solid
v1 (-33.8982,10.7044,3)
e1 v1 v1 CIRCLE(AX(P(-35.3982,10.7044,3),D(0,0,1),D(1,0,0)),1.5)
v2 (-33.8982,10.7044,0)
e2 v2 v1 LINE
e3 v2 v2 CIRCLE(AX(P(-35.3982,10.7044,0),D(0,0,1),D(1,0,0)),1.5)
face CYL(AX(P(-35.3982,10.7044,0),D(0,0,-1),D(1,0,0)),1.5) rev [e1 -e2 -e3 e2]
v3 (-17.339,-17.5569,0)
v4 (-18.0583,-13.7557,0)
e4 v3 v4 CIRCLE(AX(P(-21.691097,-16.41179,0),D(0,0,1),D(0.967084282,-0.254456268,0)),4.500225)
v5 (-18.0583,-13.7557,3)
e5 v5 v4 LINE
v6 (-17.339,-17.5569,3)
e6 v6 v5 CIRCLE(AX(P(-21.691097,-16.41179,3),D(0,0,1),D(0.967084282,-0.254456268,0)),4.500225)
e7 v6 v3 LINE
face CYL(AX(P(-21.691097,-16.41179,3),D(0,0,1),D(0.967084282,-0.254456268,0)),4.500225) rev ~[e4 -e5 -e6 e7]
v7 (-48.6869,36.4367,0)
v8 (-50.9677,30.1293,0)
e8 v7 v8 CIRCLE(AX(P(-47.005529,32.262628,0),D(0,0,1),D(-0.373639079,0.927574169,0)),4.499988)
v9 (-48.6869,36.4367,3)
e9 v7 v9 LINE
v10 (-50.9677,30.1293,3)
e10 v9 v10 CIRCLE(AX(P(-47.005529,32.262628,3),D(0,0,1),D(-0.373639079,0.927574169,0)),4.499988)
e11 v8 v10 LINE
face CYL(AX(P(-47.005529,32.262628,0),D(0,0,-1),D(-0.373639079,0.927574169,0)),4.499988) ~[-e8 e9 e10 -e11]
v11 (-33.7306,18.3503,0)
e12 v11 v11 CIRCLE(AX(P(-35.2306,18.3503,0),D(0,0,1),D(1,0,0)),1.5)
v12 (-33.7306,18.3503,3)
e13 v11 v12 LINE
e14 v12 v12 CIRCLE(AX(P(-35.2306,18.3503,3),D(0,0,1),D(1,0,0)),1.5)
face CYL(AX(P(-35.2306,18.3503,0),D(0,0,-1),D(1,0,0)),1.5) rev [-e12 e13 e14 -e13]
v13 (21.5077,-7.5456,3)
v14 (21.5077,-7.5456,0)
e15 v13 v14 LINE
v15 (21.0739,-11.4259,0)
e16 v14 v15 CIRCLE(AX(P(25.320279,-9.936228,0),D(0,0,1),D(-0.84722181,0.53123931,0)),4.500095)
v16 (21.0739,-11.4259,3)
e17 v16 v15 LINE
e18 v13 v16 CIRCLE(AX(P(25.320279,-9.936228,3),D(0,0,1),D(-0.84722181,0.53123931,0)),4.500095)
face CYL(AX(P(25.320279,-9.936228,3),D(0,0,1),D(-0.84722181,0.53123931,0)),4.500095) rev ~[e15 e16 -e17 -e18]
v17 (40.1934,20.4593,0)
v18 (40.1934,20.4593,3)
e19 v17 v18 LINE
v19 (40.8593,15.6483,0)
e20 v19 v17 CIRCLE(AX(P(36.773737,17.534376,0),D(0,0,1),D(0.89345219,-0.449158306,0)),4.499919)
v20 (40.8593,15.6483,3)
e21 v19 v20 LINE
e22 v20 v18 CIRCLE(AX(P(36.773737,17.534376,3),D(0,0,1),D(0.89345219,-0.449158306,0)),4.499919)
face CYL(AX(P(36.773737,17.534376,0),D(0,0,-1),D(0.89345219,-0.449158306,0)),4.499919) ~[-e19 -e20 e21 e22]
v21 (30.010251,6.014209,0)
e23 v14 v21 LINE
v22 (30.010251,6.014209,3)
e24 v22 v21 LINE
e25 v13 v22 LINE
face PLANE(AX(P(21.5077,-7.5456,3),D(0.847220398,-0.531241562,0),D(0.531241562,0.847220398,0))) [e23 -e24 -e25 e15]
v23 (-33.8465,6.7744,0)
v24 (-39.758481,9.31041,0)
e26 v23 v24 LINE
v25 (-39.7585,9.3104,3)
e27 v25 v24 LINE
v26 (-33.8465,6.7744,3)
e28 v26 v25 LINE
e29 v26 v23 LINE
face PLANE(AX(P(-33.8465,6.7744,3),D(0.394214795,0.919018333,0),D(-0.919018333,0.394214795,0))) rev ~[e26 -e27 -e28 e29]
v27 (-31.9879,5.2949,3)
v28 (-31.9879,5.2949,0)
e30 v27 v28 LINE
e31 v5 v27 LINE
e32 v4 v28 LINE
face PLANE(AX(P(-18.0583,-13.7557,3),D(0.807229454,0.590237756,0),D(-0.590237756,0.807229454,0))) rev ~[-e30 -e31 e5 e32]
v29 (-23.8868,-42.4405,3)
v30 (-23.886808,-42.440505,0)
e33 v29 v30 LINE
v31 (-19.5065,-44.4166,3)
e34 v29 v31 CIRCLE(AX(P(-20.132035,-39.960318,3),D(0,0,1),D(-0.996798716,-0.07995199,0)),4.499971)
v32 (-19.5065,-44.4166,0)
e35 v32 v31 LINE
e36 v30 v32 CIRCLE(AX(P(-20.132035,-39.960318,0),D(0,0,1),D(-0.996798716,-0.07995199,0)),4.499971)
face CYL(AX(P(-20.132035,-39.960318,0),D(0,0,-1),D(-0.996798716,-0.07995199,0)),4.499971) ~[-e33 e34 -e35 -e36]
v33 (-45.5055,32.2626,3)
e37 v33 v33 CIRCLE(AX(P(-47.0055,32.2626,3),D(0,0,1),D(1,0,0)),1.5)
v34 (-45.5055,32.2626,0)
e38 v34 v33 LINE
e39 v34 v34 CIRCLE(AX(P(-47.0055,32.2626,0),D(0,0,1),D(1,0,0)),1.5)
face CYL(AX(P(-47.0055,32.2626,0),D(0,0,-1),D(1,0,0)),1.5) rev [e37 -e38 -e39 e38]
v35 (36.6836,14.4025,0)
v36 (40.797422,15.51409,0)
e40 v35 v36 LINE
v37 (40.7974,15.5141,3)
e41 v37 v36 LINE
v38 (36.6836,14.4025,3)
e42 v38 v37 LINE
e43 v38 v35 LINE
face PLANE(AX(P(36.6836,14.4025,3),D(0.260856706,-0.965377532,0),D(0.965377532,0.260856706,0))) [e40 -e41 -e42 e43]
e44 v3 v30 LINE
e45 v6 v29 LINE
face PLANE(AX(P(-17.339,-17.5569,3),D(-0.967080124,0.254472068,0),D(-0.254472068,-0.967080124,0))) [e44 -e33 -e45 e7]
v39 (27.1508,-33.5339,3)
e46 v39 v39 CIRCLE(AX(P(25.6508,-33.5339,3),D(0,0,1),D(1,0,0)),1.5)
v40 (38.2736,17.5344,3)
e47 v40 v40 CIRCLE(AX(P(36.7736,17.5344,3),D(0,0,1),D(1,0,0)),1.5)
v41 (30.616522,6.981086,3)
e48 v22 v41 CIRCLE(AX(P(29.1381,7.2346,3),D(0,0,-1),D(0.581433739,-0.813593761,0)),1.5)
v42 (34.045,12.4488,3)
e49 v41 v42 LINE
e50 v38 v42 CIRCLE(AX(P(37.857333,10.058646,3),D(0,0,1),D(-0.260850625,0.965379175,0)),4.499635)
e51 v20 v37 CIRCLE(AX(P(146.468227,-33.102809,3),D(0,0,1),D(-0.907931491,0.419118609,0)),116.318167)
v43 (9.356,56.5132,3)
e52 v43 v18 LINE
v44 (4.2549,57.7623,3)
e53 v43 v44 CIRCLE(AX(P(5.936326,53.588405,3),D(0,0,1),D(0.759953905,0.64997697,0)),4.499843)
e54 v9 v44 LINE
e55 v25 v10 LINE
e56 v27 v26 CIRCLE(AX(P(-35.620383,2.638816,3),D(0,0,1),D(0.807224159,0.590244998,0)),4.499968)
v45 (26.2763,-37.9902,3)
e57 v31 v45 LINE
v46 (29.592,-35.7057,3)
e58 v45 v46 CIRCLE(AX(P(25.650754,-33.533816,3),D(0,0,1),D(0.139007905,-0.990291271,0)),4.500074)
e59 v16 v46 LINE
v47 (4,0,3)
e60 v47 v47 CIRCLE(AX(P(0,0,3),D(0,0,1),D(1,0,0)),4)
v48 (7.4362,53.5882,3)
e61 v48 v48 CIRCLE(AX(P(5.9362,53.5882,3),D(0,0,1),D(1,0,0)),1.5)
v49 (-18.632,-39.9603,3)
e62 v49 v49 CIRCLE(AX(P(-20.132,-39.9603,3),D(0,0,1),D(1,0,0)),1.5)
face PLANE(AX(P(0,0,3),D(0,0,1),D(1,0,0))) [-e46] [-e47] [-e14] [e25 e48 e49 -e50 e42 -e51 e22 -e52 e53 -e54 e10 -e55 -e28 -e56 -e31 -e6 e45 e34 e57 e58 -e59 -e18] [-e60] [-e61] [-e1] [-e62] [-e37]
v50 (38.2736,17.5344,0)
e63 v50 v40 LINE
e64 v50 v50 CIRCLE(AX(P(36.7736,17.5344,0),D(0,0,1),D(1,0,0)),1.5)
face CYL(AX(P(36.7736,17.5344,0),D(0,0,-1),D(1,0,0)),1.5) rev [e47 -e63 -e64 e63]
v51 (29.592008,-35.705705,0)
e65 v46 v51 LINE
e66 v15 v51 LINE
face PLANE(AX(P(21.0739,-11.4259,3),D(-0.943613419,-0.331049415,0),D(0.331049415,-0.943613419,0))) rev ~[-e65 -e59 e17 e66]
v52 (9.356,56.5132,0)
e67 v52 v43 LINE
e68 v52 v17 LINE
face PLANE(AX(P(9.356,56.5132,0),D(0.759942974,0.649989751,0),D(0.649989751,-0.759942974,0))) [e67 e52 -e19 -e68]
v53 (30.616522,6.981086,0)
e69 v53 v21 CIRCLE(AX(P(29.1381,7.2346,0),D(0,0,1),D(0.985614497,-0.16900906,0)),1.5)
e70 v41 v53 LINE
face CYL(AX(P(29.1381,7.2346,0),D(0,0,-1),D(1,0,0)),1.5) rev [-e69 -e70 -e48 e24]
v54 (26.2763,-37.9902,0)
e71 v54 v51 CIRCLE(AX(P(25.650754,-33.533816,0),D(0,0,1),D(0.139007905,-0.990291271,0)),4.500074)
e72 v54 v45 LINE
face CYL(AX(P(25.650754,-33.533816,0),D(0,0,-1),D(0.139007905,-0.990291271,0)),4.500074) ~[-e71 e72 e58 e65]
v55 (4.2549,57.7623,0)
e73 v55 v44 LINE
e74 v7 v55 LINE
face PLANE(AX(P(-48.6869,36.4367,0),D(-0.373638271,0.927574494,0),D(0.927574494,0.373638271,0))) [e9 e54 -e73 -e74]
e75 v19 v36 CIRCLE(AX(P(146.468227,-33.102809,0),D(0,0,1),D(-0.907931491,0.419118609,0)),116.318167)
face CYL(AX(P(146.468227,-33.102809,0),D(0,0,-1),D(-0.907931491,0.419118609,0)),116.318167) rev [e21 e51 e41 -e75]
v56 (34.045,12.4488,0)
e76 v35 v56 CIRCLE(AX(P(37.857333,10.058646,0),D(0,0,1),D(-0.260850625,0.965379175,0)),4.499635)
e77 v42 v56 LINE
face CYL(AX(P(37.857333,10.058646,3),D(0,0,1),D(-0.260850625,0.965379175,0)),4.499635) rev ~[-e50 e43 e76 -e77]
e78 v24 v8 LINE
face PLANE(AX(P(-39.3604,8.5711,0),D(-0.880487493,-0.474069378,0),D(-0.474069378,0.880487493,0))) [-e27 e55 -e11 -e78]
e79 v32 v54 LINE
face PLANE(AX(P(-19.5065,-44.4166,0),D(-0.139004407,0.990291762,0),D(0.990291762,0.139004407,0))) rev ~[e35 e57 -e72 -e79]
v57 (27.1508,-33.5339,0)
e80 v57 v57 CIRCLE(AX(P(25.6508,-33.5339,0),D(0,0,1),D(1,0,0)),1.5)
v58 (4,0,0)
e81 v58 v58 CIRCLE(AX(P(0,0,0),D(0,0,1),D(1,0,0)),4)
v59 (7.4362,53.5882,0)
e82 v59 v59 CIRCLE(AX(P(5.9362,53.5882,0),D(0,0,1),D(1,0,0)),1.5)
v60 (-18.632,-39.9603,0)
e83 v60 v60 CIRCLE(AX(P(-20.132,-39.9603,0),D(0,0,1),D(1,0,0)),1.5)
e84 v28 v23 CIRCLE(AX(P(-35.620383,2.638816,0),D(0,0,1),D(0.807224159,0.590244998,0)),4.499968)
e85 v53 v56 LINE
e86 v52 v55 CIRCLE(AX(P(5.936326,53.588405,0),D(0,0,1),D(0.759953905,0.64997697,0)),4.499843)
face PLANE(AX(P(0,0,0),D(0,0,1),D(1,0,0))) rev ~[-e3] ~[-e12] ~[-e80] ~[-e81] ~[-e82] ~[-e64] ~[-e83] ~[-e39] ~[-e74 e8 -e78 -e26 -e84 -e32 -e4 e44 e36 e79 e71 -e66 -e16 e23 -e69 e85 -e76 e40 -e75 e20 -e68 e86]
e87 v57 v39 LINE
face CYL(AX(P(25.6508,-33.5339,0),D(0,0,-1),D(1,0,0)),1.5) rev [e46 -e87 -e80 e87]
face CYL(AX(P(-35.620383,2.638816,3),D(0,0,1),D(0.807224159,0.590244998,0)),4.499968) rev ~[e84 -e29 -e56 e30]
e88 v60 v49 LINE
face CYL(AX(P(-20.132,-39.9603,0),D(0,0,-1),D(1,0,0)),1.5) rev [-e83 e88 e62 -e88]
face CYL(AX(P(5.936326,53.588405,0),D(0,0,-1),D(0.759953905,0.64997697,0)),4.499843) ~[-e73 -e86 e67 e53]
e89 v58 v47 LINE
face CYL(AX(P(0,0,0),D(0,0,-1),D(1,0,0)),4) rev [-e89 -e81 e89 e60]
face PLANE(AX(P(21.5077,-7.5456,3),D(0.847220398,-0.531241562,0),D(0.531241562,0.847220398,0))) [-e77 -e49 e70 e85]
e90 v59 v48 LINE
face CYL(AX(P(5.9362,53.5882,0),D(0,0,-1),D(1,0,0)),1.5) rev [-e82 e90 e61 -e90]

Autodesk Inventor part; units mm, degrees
ref_plane "YZ Plane" through (0, 0, 0) normal (1, 0, 0) x (0, 1, 0)
ref_plane "XZ Plane" through (0, 0, 0) normal (0, 1, 0) x (-1, 0, 0)
ref_plane "XY Plane" through (0, 0, 0) normal (0, 0, 1) x (1, 0, 0)
sketch "スケッチ3" plane through (0, 0, 0) normal (0, 0, 1) x (1, 0, 0)
  circle A0 centre (0, 0) radius 20.55 construction
  circle A1 centre (-21.6908, -16.4118) radius 19.1 construction
  circle A2 centre (25.3202, -9.9362) radius 19.1 construction
  circle A3 centre (-47.0055, 32.2626) radius 1.5
  circle A4 centre (5.9362, 53.5882) radius 1.5
  circle A5 centre (29.1381, 7.2346) radius 1.5
  circle A6 centre (-35.2306, 18.3503) radius 1.5
  circle A7 centre (-21.6908, -16.4118) radius 4.025
  circle A8 centre (25.3202, -9.9362) radius 4.025
  circle A9 centre (0, 0) radius 4
  line L0 (-17.8785, -18.8026) -> (-30.4168, -38.7963) construction
  arc A10 (-17.8785, -18.8026) -> (-19.2493, -12.6317) centre (-21.6908, -16.4118) ccw construction
  line L1 (-19.2493, -12.6317) -> (-39.0737, 0.1727) construction
  line L2 (37.1409, -30.8522) -> (21.8866, -12.8448) construction
  arc A11 (22.3659, -6.5417) -> (21.8866, -12.8448) centre (25.3202, -9.9362) ccw construction
  line L3 (22.3659, -6.5417) -> (40.1678, 8.9519) construction
  line L4 (-21.6908, -16.4118) -> (-99.9742, 13.5882) construction
  line L5 (-105.5257, -16.4118) -> (-21.6908, -16.4118) construction
  line L6 (-21.6908, -16.4118) -> (-101.7113, -41.4118) construction
  line L7 (25.3202, -9.9362) -> (102.5386, -46.4118) construction
  line L8 (110.4743, -16.4118) -> (25.3202, -9.9362) construction
  line L9 (25.3202, -9.9362) -> (108.6869, 8.5882) construction
  line L10 (-18.0583, -13.7557) -> (-31.9879, 5.2949) construction
  line L11 (-17.339, -17.5569) -> (-24.5367, -44.9106) construction
  line L12 (21.5077, -7.5456) -> (34.045, 12.4488) construction
  line L13 (21.0739, -11.4259) -> (31.6059, -41.446) construction
  arc A12 (-24.6176, -40.3201) -> (-19.5065, -44.4166) centre (-20.132, -39.9603) ccw
  circle A13 centre (-20.132, -39.9603) radius 3 construction
  arc A14 (-39.3604, 8.5711) -> (-39.3359, 8.5262) centre (-35.3982, 10.7044) ccw
  circle A15 centre (-35.3982, 10.7044) radius 3 construction
  arc A16 (-31.9879, 5.2949) -> (-33.8465, 6.7744) centre (-35.6204, 2.6388) ccw construction
  circle A17 centre (-41.5152, -3.6073) radius 1.5
  line L14 (-33.8465, 6.7744) -> (-56.066, 16.3055) construction
  line L15 (-41.3386, 0.8892) -> (-72.6317, 2.1181) construction
  circle A18 centre (-35.2306, 18.3503) radius 3 construction
  circle A19 centre (-35.3982, 10.7044) radius 1.5
  circle A20 centre (36.7736, 17.5344) radius 1.5
  arc A21 (40.7942, 15.5132) -> (40.1934, 20.4593) centre (36.7736, 17.5344) ccw
  circle A22 centre (25.6508, -33.5339) radius 1.5
  arc A23 (26.2763, -37.9902) -> (30.1508, -33.5178) centre (25.6508, -33.5339) ccw
  circle A24 centre (36.7736, 17.5344) radius 3 construction
  circle A25 centre (25.6508, -33.5339) radius 3 construction
  arc A26 (36.6836, 14.4025) -> (34.045, 12.4488) centre (37.8575, 10.0583) ccw construction
  line L16 (36.6836, 14.4025) -> (64.1968, 21.8369) construction
  line L17 (43.2599, 10.0553) -> (82.9273, 8.8396) construction
  circle A27 centre (29.1381, 7.2346) radius 3 construction
  circle A28 centre (-21.6908, -16.4118) radius 7.025 construction
  circle A29 centre (25.3202, -9.9362) radius 7.025 construction
  arc A30 (40.8593, 15.6483) -> (30.1508, -33.5178) centre (146.4685, -33.1029) ccw
  arc A31 (-24.6176, -40.3201) -> (-39.3359, 8.5262) centre (-145.1158, -49.988) ccw
  arc A32 (-48.6869, 36.4367) -> (-50.9677, 30.1293) centre (-47.0055, 32.2626) ccw
  arc A33 (9.356, 56.5132) -> (4.2549, 57.7623) centre (5.9362, 53.5882) ccw
  line L18 (-39.3604, 8.5711) -> (-50.9677, 30.1293)
  line L19 (-48.6869, 36.4367) -> (4.2549, 57.7623)
  line L20 (9.356, 56.5132) -> (40.1934, 20.4593)
  line L21 (-19.5065, -44.4166) -> (26.2763, -37.9902)
  circle A34 centre (-20.132, -39.9603) radius 1.5
  dimension "d69" = 8.05
  dimension "d70" = 8.05
  dimension "d71" = 8
  dimension "d72" = 20.968
  dimension "d73" = 20.968
  dimension "d74" = 17.35
  dimension "d75" = 17.35
  dimension "d76" = 16.877
  dimension "d77" = 16.877
  dimension "d78" = 20.936
  dimension "d79" = 20.936
  dimension "d80" = 9
  dimension "d81" = 6
  dimension "d82" = 9
  dimension "d83" = 6
  dimension "d84" = 9
  dimension "d85" = 20.968
  dimension "d86" = 20.968
  dimension "d87" = 6
  dimension "d88" = 3
  dimension "d89" = 3
  dimension "d90" = 9
  dimension "d91" = 3
  dimension "d92" = 9
  dimension "d93" = 6
  dimension "d94" = 6
  dimension "d95" = 9
  dimension "d96" = 16.877
  dimension "d97" = 3
  dimension "d98" = 3
  dimension "d99" = 9
  dimension "d100" = 9
  dimension "d101" = 3
extrude "押し出し3" add sketch "スケッチ3" along normal blind 3 contours A31 A14 L18 A32 L19 A33 L20 A21 A30 A23 L21 A12
sketch "スケッチ4" plane through (0, 0, 3) normal (0, 0, 1) x (1, 0, 0)
  line L0 (21.5077, -7.5456) -> (34.045, 12.4488) projected
  line L1 (21.0739, -11.4259) -> (31.6059, -41.446) projected
  arc A0 (36.6836, 14.4025) -> (34.045, 12.4488) centre (37.8575, 10.0583) ccw projected
  line L2 (36.6836, 14.4025) -> (64.1968, 21.8369) projected
  line L3 (-33.8465, 6.7744) -> (-56.066, 16.3055) projected
  arc A1 (-31.9879, 5.2949) -> (-33.8465, 6.7744) centre (-35.6204, 2.6388) ccw projected
  line L4 (-18.0583, -13.7557) -> (-31.9879, 5.2949) projected
  line L5 (-17.339, -17.5569) -> (-24.5367, -44.9106) projected
  circle A2 centre (25.3202, -9.9362) radius 4.025 projected
  circle A3 centre (-21.6908, -16.4118) radius 4.025 projected
  circle A4 centre (0, 0) radius 4 projected
  circle A5 centre (-20.132, -39.9603) radius 1.5 projected
  circle A6 centre (25.6508, -33.5339) radius 1.5 projected
  circle A7 centre (36.7736, 17.5344) radius 1.5 projected
  circle A8 centre (-35.3982, 10.7044) radius 1.5 projected
  circle A9 centre (-35.2306, 18.3503) radius 1.5 projected
  circle A10 centre (29.1381, 7.2346) radius 1.5 projected
  circle A11 centre (5.9362, 53.5882) radius 1.5 projected
  circle A12 centre (-47.0055, 32.2626) radius 1.5 projected
  arc A13 (-24.6176, -40.3201) -> (-19.5065, -44.4166) centre (-20.132, -39.9603) ccw projected
  line L6 (-19.5065, -44.4166) -> (26.2763, -37.9902) projected
  arc A14 (26.2763, -37.9902) -> (30.1508, -33.5178) centre (25.6508, -33.5339) ccw projected
  arc A15 (40.8593, 15.6483) -> (30.1508, -33.5178) centre (146.4685, -33.1029) ccw projected
  arc A16 (40.8593, 15.6483) -> (40.1934, 20.4593) centre (36.7736, 17.5344) ccw projected
  line L7 (40.1934, 20.4593) -> (9.356, 56.5132) projected
  arc A17 (9.356, 56.5132) -> (4.2549, 57.7623) centre (5.9362, 53.5882) ccw projected
  line L8 (4.2549, 57.7623) -> (-48.6869, 36.4367) projected
  arc A18 (-48.6869, 36.4367) -> (-50.9677, 30.1293) centre (-47.0055, 32.2626) ccw projected
  line L9 (-50.9677, 30.1293) -> (-39.3604, 8.5711) projected
  arc A19 (-39.3604, 8.5711) -> (-39.3359, 8.5262) centre (-35.3982, 10.7044) ccw projected
  arc A20 (-24.6176, -40.3201) -> (-39.3359, 8.5262) centre (-145.1158, -49.988) ccw projected
  arc A21 (-17.339, -17.5569) -> (-18.0583, -13.7557) centre (-21.6908, -16.4118) ccw
  arc A22 (21.5077, -7.5456) -> (21.0739, -11.4259) centre (25.3202, -9.9362) ccw
  line L10 (-39.7585, 9.3104) -> (-33.8465, 6.7744)
  line L11 (-17.339, -17.5569) -> (-23.8868, -42.4405)
  arc A23 (40.8593, 15.6483) -> (30.1508, -33.5178) centre (146.4685, -33.1029) ccw projected
  line L12 (40.7974, 15.5141) -> (36.6836, 14.4025)
  line L13 (21.0739, -11.4259) -> (29.592, -35.7057)
extrude "押し出し4" cut sketch "スケッチ4" against normal blind 10 contours L0 A10 A0 L2 A15 A14 L1 A22 | L0 A10 | A13 A20 A19 L9 L3 A1 L4 A21 L5 picked at (30.2857, 6.4006)
equation "\"d73\" = d72"
equation "\"d75\" = d74"
equation "\"d77\" = d76"
equation "\"d79\" = d78"
equation "\"d85\" = d72"
equation "\"d86\" = d72"
equation "\"d96\" = d76"
properties part number "中間内フレーム"
